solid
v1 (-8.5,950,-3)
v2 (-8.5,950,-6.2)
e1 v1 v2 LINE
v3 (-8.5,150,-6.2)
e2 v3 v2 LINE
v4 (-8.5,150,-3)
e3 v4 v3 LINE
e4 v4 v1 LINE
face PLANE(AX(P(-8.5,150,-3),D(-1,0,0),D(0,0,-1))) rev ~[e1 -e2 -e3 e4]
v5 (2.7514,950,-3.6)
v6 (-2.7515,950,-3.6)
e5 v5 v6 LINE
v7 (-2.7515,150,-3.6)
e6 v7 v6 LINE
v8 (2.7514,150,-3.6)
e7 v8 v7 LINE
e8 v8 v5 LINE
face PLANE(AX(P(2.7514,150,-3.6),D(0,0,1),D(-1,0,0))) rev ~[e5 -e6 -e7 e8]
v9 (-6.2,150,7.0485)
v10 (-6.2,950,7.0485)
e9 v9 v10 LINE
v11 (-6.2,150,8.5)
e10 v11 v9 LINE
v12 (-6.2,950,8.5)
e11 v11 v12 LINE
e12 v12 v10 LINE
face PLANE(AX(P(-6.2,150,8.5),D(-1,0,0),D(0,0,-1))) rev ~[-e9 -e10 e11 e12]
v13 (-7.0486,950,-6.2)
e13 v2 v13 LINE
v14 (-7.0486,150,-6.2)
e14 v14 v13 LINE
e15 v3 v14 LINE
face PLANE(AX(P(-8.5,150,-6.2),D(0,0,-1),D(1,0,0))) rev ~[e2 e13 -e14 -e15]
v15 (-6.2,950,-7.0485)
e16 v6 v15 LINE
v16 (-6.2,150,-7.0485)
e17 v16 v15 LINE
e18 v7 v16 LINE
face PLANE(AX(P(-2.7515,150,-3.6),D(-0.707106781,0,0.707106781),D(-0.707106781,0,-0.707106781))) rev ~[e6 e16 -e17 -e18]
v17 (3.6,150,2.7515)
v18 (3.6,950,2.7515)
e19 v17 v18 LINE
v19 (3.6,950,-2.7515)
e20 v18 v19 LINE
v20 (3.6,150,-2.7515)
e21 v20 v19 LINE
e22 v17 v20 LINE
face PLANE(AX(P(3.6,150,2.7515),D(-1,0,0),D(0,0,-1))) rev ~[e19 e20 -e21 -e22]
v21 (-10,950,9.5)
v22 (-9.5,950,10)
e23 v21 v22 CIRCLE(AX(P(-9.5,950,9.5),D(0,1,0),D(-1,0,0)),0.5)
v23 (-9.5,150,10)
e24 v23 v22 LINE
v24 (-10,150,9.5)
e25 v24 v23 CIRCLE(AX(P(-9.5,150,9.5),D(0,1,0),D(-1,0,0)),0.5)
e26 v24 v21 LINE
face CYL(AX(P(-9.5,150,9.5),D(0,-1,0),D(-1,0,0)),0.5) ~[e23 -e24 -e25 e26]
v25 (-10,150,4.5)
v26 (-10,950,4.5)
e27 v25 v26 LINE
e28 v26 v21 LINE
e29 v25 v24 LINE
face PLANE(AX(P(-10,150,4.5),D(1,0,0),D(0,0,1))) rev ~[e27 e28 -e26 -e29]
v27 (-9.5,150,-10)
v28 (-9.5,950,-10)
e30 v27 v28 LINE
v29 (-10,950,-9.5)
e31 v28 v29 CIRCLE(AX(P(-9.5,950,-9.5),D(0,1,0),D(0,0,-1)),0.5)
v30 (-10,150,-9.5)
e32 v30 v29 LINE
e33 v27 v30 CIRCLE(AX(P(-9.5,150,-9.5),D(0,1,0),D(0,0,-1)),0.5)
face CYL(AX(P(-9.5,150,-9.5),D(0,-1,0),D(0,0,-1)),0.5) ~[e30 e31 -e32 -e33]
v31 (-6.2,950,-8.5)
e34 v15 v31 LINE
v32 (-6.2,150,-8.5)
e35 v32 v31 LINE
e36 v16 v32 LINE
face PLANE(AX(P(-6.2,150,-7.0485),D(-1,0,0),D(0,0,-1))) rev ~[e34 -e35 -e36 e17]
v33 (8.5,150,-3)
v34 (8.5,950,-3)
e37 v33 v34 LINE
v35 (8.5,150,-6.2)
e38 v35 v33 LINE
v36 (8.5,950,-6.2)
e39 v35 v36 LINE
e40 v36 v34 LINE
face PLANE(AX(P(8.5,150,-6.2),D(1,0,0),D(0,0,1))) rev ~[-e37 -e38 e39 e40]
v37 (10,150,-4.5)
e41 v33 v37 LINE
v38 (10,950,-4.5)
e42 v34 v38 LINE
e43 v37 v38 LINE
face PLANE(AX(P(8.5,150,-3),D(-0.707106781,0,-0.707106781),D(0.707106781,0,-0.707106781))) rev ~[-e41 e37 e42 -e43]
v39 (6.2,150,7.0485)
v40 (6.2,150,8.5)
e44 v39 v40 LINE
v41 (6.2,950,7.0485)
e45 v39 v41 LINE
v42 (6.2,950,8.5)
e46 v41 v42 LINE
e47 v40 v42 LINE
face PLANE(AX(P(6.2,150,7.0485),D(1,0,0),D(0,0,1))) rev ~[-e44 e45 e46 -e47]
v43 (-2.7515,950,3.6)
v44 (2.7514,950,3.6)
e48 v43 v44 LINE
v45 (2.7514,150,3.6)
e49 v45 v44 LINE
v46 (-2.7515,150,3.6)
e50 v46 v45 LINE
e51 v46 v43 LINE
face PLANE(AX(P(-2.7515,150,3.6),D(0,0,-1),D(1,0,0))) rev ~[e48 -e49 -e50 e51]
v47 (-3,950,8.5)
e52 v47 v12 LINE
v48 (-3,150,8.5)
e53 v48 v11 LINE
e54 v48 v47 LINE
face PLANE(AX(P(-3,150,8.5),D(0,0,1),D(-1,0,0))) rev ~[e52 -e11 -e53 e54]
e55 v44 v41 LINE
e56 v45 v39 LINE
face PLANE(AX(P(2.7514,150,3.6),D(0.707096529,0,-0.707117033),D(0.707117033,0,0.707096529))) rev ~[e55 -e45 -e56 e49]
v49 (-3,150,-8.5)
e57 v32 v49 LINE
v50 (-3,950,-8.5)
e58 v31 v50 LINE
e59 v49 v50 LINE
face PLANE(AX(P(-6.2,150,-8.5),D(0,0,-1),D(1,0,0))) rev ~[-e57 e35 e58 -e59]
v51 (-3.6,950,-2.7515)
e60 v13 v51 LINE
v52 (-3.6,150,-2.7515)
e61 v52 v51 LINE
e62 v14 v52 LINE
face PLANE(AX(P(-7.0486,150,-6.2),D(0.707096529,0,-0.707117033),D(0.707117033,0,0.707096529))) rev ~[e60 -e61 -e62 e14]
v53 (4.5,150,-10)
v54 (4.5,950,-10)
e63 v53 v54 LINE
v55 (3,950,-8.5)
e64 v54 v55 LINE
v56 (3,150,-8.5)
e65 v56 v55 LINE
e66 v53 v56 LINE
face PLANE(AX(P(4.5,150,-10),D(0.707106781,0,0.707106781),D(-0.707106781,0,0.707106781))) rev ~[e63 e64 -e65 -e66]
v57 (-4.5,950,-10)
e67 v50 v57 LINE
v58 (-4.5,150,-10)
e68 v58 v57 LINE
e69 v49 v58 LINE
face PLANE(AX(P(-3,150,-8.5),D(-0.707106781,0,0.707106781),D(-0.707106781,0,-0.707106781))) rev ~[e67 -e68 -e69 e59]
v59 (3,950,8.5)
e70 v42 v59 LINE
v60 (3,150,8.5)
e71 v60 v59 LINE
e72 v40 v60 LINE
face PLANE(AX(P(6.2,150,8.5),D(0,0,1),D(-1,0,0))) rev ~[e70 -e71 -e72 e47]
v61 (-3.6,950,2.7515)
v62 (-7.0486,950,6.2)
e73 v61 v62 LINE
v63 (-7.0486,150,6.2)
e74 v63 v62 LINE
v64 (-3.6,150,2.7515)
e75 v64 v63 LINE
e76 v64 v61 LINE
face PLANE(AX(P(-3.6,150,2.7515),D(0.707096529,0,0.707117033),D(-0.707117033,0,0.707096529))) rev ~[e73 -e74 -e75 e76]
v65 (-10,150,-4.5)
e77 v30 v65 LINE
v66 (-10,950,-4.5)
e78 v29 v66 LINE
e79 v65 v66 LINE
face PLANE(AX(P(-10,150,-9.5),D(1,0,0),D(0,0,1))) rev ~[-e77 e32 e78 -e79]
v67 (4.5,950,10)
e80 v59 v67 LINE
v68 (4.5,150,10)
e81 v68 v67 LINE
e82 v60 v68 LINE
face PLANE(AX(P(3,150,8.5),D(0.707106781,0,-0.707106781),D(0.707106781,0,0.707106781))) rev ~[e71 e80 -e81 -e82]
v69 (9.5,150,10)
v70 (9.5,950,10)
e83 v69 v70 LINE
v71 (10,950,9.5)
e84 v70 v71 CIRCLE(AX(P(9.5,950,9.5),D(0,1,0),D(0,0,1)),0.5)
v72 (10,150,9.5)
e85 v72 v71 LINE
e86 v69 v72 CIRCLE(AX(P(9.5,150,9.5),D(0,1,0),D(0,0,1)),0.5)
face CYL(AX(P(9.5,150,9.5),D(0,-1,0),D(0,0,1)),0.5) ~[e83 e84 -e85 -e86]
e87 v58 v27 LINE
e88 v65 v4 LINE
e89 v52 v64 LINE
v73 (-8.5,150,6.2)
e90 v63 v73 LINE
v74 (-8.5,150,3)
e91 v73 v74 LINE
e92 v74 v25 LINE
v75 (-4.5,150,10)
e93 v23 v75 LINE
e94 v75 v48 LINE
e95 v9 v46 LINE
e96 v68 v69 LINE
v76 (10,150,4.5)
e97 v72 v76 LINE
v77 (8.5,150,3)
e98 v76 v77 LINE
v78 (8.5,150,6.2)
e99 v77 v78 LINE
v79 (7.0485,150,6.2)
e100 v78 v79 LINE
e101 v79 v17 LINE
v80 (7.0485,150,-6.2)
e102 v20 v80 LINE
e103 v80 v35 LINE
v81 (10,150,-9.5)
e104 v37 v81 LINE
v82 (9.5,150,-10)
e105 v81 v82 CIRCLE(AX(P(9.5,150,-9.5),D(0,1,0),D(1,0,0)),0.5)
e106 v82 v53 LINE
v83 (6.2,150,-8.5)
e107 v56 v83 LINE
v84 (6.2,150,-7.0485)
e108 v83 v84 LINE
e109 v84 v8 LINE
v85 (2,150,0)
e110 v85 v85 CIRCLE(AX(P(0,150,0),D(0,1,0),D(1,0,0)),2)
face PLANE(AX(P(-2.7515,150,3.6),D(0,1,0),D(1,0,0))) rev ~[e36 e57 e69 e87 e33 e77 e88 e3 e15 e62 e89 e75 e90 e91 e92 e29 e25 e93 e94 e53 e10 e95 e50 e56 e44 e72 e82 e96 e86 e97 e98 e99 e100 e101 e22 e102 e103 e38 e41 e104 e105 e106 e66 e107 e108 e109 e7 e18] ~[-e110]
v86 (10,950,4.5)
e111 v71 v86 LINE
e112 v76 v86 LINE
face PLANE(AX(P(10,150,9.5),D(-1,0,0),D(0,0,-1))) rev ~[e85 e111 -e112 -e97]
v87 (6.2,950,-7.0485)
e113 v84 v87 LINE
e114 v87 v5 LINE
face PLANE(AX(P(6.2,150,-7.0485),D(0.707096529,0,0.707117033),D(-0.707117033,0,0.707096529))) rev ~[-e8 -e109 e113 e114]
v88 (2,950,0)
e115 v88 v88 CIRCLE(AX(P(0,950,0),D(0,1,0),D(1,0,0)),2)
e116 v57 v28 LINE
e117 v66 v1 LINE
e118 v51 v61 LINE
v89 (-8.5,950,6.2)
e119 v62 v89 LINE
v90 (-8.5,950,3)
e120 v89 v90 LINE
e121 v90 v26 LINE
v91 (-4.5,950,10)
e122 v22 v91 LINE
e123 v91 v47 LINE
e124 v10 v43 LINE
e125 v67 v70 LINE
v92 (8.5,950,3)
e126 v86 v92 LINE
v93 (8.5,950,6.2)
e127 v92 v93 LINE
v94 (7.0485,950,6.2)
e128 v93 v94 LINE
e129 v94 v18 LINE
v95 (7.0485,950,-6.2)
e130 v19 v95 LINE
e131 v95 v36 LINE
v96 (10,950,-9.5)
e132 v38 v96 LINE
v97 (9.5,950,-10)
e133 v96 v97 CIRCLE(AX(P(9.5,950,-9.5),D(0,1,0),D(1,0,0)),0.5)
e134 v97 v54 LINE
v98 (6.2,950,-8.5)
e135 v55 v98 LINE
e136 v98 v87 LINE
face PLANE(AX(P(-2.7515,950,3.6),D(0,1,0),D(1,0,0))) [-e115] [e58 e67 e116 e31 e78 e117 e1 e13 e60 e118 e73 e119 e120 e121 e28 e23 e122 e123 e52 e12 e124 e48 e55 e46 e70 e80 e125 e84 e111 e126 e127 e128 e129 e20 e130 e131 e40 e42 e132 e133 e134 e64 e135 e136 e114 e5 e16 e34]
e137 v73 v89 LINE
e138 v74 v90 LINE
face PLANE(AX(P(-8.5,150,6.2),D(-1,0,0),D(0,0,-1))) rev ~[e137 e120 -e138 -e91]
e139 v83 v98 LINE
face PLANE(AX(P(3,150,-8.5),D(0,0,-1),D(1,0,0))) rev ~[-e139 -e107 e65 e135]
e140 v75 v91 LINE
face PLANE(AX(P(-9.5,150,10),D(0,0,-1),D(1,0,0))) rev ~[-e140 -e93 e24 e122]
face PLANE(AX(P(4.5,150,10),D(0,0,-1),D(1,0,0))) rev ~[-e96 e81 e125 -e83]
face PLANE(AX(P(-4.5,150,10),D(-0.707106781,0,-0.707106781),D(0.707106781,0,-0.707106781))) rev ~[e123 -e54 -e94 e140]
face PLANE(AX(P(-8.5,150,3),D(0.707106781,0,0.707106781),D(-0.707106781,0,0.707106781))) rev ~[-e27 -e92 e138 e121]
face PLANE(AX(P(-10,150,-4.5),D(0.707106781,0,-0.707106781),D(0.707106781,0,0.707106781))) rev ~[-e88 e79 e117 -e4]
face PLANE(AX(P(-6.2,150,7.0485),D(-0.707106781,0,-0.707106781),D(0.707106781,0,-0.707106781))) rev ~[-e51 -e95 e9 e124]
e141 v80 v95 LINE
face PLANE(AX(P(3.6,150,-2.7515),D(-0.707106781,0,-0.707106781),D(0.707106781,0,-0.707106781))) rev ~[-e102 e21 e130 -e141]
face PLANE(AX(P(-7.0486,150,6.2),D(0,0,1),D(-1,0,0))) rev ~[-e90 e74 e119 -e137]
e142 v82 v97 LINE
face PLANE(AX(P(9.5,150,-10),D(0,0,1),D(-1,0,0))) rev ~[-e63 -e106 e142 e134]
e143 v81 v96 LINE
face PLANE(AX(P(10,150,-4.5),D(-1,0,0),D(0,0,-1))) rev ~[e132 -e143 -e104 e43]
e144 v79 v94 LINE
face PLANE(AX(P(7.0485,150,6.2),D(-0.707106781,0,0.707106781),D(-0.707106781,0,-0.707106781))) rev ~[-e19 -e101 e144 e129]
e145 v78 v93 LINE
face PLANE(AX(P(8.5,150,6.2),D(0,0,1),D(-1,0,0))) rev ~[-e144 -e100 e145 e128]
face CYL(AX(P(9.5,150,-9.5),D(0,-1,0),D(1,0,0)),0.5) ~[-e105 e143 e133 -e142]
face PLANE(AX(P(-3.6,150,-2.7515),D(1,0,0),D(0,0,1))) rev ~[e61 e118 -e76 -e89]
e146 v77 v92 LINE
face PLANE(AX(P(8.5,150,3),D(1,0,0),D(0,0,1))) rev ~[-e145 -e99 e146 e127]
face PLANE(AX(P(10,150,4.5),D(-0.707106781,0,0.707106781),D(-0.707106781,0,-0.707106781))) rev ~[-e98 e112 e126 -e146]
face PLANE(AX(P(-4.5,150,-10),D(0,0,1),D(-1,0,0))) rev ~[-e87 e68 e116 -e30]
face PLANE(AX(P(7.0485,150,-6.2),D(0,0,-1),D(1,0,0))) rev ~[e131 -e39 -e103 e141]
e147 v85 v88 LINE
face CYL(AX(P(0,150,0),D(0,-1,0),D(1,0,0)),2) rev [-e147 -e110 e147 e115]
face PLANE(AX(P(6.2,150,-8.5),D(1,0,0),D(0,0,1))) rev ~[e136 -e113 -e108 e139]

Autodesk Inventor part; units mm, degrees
ref_plane "YZ Plane" through (0, 0, 0) normal (1, 0, 0) x (0, 1, 0)
ref_plane "XZ Plane" through (0, 0, 0) normal (0, 1, 0) x (-1, 0, 0)
ref_plane "Work Plane1" through (-2.7515, 150, 3.6) normal (0, 1, 0) x (1, 0, 0)
sketch "Sketch1" plane through (-2.7515, 150, 3.6) normal (0, 1, 0) x (1, 0, 0)
  arc A0 (-6.7485, 13.6) -> (-7.2485, 13.1) centre (-6.7485, 13.1) ccw projected
  line L0 (-7.2485, 13.1) -> (-7.2485, 8.1) projected
  line L1 (-7.2485, 8.1) -> (-5.7485, 6.6) projected
  line L2 (-5.7485, 6.6) -> (-5.7485, 9.8) projected
  line L3 (-5.7485, 9.8) -> (-4.2971, 9.8) projected
  line L4 (-4.2971, 9.8) -> (-0.8485, 6.3515) projected
  line L5 (-0.8485, 6.3515) -> (-0.8485, 0.8485) projected
  line L6 (-0.8485, 0.8485) -> (-4.2971, -2.6) projected
  line L7 (-4.2971, -2.6) -> (-5.7485, -2.6) projected
  line L8 (-5.7485, -2.6) -> (-5.7485, 0.6) projected
  line L9 (-5.7485, 0.6) -> (-7.2485, -0.9) projected
  line L10 (-7.2485, -0.9) -> (-7.2485, -5.9) projected
  arc A1 (-7.2485, -5.9) -> (-6.7485, -6.4) centre (-6.7485, -5.9) ccw projected
  line L11 (-6.7485, -6.4) -> (-1.7485, -6.4) projected
  line L12 (-1.7485, -6.4) -> (-0.2485, -4.9) projected
  line L13 (-0.2485, -4.9) -> (-3.4485, -4.9) projected
  line L14 (-3.4485, -4.9) -> (-3.4485, -3.4485) projected
  line L15 (-3.4485, -3.4485) -> (0, 0) projected
  line L16 (0, 0) -> (5.5029, 0) projected
  line L17 (5.5029, 0) -> (8.9515, -3.4485) projected
  line L18 (8.9515, -3.4485) -> (8.9515, -4.9) projected
  line L19 (8.9515, -4.9) -> (5.7515, -4.9) projected
  line L20 (5.7515, -4.9) -> (7.2515, -6.4) projected
  line L21 (7.2515, -6.4) -> (12.2515, -6.4) projected
  arc A2 (12.2515, -6.4) -> (12.7515, -5.9) centre (12.2515, -5.9) ccw projected
  line L22 (12.7515, -5.9) -> (12.7515, -0.9) projected
  line L23 (12.7515, -0.9) -> (11.2515, 0.6) projected
  line L24 (11.2515, 0.6) -> (11.2515, -2.6) projected
  line L25 (11.2515, -2.6) -> (9.8, -2.6) projected
  line L26 (9.8, -2.6) -> (6.3515, 0.8485) projected
  line L27 (6.3515, 0.8485) -> (6.3515, 6.3515) projected
  line L28 (6.3515, 6.3515) -> (9.8, 9.8) projected
  line L29 (9.8, 9.8) -> (11.2515, 9.8) projected
  line L30 (11.2515, 9.8) -> (11.2515, 6.6) projected
  line L31 (11.2515, 6.6) -> (12.7515, 8.1) projected
  line L32 (12.7515, 8.1) -> (12.7515, 13.1) projected
  arc A3 (12.7515, 13.1) -> (12.2515, 13.6) centre (12.2515, 13.1) ccw projected
  line L33 (12.2515, 13.6) -> (7.2515, 13.6) projected
  line L34 (7.2515, 13.6) -> (5.7515, 12.1) projected
  line L35 (5.7515, 12.1) -> (8.9515, 12.1) projected
  line L36 (8.9515, 12.1) -> (8.9515, 10.6485) projected
  line L37 (8.9515, 10.6485) -> (5.5029, 7.2) projected
  line L38 (5.5029, 7.2) -> (0, 7.2) projected
  line L39 (0, 7.2) -> (-3.4485, 10.6485) projected
  line L40 (-3.4485, 10.6485) -> (-3.4485, 12.1) projected
  line L41 (-3.4485, 12.1) -> (-0.2485, 12.1) projected
  line L42 (-0.2485, 12.1) -> (-1.7485, 13.6) projected
  line L43 (-1.7485, 13.6) -> (-6.7485, 13.6) projected
  circle A4 centre (2.7515, 3.6) radius 2 projected
extrude "Extrusion1" add sketch "Sketch1" along normal blind 800
ref_plane "Work Plane2" through (0, 150, -9.5) normal (1, 0, 0) x (0, 0, -1)
ref_plane "Work Plane3" through (-4.5, 150, 0) normal (0, 0, 1) x (1, 0, 0)
properties part number "20x20mmx150mm alminum profile" material "Aluminum 6061"
